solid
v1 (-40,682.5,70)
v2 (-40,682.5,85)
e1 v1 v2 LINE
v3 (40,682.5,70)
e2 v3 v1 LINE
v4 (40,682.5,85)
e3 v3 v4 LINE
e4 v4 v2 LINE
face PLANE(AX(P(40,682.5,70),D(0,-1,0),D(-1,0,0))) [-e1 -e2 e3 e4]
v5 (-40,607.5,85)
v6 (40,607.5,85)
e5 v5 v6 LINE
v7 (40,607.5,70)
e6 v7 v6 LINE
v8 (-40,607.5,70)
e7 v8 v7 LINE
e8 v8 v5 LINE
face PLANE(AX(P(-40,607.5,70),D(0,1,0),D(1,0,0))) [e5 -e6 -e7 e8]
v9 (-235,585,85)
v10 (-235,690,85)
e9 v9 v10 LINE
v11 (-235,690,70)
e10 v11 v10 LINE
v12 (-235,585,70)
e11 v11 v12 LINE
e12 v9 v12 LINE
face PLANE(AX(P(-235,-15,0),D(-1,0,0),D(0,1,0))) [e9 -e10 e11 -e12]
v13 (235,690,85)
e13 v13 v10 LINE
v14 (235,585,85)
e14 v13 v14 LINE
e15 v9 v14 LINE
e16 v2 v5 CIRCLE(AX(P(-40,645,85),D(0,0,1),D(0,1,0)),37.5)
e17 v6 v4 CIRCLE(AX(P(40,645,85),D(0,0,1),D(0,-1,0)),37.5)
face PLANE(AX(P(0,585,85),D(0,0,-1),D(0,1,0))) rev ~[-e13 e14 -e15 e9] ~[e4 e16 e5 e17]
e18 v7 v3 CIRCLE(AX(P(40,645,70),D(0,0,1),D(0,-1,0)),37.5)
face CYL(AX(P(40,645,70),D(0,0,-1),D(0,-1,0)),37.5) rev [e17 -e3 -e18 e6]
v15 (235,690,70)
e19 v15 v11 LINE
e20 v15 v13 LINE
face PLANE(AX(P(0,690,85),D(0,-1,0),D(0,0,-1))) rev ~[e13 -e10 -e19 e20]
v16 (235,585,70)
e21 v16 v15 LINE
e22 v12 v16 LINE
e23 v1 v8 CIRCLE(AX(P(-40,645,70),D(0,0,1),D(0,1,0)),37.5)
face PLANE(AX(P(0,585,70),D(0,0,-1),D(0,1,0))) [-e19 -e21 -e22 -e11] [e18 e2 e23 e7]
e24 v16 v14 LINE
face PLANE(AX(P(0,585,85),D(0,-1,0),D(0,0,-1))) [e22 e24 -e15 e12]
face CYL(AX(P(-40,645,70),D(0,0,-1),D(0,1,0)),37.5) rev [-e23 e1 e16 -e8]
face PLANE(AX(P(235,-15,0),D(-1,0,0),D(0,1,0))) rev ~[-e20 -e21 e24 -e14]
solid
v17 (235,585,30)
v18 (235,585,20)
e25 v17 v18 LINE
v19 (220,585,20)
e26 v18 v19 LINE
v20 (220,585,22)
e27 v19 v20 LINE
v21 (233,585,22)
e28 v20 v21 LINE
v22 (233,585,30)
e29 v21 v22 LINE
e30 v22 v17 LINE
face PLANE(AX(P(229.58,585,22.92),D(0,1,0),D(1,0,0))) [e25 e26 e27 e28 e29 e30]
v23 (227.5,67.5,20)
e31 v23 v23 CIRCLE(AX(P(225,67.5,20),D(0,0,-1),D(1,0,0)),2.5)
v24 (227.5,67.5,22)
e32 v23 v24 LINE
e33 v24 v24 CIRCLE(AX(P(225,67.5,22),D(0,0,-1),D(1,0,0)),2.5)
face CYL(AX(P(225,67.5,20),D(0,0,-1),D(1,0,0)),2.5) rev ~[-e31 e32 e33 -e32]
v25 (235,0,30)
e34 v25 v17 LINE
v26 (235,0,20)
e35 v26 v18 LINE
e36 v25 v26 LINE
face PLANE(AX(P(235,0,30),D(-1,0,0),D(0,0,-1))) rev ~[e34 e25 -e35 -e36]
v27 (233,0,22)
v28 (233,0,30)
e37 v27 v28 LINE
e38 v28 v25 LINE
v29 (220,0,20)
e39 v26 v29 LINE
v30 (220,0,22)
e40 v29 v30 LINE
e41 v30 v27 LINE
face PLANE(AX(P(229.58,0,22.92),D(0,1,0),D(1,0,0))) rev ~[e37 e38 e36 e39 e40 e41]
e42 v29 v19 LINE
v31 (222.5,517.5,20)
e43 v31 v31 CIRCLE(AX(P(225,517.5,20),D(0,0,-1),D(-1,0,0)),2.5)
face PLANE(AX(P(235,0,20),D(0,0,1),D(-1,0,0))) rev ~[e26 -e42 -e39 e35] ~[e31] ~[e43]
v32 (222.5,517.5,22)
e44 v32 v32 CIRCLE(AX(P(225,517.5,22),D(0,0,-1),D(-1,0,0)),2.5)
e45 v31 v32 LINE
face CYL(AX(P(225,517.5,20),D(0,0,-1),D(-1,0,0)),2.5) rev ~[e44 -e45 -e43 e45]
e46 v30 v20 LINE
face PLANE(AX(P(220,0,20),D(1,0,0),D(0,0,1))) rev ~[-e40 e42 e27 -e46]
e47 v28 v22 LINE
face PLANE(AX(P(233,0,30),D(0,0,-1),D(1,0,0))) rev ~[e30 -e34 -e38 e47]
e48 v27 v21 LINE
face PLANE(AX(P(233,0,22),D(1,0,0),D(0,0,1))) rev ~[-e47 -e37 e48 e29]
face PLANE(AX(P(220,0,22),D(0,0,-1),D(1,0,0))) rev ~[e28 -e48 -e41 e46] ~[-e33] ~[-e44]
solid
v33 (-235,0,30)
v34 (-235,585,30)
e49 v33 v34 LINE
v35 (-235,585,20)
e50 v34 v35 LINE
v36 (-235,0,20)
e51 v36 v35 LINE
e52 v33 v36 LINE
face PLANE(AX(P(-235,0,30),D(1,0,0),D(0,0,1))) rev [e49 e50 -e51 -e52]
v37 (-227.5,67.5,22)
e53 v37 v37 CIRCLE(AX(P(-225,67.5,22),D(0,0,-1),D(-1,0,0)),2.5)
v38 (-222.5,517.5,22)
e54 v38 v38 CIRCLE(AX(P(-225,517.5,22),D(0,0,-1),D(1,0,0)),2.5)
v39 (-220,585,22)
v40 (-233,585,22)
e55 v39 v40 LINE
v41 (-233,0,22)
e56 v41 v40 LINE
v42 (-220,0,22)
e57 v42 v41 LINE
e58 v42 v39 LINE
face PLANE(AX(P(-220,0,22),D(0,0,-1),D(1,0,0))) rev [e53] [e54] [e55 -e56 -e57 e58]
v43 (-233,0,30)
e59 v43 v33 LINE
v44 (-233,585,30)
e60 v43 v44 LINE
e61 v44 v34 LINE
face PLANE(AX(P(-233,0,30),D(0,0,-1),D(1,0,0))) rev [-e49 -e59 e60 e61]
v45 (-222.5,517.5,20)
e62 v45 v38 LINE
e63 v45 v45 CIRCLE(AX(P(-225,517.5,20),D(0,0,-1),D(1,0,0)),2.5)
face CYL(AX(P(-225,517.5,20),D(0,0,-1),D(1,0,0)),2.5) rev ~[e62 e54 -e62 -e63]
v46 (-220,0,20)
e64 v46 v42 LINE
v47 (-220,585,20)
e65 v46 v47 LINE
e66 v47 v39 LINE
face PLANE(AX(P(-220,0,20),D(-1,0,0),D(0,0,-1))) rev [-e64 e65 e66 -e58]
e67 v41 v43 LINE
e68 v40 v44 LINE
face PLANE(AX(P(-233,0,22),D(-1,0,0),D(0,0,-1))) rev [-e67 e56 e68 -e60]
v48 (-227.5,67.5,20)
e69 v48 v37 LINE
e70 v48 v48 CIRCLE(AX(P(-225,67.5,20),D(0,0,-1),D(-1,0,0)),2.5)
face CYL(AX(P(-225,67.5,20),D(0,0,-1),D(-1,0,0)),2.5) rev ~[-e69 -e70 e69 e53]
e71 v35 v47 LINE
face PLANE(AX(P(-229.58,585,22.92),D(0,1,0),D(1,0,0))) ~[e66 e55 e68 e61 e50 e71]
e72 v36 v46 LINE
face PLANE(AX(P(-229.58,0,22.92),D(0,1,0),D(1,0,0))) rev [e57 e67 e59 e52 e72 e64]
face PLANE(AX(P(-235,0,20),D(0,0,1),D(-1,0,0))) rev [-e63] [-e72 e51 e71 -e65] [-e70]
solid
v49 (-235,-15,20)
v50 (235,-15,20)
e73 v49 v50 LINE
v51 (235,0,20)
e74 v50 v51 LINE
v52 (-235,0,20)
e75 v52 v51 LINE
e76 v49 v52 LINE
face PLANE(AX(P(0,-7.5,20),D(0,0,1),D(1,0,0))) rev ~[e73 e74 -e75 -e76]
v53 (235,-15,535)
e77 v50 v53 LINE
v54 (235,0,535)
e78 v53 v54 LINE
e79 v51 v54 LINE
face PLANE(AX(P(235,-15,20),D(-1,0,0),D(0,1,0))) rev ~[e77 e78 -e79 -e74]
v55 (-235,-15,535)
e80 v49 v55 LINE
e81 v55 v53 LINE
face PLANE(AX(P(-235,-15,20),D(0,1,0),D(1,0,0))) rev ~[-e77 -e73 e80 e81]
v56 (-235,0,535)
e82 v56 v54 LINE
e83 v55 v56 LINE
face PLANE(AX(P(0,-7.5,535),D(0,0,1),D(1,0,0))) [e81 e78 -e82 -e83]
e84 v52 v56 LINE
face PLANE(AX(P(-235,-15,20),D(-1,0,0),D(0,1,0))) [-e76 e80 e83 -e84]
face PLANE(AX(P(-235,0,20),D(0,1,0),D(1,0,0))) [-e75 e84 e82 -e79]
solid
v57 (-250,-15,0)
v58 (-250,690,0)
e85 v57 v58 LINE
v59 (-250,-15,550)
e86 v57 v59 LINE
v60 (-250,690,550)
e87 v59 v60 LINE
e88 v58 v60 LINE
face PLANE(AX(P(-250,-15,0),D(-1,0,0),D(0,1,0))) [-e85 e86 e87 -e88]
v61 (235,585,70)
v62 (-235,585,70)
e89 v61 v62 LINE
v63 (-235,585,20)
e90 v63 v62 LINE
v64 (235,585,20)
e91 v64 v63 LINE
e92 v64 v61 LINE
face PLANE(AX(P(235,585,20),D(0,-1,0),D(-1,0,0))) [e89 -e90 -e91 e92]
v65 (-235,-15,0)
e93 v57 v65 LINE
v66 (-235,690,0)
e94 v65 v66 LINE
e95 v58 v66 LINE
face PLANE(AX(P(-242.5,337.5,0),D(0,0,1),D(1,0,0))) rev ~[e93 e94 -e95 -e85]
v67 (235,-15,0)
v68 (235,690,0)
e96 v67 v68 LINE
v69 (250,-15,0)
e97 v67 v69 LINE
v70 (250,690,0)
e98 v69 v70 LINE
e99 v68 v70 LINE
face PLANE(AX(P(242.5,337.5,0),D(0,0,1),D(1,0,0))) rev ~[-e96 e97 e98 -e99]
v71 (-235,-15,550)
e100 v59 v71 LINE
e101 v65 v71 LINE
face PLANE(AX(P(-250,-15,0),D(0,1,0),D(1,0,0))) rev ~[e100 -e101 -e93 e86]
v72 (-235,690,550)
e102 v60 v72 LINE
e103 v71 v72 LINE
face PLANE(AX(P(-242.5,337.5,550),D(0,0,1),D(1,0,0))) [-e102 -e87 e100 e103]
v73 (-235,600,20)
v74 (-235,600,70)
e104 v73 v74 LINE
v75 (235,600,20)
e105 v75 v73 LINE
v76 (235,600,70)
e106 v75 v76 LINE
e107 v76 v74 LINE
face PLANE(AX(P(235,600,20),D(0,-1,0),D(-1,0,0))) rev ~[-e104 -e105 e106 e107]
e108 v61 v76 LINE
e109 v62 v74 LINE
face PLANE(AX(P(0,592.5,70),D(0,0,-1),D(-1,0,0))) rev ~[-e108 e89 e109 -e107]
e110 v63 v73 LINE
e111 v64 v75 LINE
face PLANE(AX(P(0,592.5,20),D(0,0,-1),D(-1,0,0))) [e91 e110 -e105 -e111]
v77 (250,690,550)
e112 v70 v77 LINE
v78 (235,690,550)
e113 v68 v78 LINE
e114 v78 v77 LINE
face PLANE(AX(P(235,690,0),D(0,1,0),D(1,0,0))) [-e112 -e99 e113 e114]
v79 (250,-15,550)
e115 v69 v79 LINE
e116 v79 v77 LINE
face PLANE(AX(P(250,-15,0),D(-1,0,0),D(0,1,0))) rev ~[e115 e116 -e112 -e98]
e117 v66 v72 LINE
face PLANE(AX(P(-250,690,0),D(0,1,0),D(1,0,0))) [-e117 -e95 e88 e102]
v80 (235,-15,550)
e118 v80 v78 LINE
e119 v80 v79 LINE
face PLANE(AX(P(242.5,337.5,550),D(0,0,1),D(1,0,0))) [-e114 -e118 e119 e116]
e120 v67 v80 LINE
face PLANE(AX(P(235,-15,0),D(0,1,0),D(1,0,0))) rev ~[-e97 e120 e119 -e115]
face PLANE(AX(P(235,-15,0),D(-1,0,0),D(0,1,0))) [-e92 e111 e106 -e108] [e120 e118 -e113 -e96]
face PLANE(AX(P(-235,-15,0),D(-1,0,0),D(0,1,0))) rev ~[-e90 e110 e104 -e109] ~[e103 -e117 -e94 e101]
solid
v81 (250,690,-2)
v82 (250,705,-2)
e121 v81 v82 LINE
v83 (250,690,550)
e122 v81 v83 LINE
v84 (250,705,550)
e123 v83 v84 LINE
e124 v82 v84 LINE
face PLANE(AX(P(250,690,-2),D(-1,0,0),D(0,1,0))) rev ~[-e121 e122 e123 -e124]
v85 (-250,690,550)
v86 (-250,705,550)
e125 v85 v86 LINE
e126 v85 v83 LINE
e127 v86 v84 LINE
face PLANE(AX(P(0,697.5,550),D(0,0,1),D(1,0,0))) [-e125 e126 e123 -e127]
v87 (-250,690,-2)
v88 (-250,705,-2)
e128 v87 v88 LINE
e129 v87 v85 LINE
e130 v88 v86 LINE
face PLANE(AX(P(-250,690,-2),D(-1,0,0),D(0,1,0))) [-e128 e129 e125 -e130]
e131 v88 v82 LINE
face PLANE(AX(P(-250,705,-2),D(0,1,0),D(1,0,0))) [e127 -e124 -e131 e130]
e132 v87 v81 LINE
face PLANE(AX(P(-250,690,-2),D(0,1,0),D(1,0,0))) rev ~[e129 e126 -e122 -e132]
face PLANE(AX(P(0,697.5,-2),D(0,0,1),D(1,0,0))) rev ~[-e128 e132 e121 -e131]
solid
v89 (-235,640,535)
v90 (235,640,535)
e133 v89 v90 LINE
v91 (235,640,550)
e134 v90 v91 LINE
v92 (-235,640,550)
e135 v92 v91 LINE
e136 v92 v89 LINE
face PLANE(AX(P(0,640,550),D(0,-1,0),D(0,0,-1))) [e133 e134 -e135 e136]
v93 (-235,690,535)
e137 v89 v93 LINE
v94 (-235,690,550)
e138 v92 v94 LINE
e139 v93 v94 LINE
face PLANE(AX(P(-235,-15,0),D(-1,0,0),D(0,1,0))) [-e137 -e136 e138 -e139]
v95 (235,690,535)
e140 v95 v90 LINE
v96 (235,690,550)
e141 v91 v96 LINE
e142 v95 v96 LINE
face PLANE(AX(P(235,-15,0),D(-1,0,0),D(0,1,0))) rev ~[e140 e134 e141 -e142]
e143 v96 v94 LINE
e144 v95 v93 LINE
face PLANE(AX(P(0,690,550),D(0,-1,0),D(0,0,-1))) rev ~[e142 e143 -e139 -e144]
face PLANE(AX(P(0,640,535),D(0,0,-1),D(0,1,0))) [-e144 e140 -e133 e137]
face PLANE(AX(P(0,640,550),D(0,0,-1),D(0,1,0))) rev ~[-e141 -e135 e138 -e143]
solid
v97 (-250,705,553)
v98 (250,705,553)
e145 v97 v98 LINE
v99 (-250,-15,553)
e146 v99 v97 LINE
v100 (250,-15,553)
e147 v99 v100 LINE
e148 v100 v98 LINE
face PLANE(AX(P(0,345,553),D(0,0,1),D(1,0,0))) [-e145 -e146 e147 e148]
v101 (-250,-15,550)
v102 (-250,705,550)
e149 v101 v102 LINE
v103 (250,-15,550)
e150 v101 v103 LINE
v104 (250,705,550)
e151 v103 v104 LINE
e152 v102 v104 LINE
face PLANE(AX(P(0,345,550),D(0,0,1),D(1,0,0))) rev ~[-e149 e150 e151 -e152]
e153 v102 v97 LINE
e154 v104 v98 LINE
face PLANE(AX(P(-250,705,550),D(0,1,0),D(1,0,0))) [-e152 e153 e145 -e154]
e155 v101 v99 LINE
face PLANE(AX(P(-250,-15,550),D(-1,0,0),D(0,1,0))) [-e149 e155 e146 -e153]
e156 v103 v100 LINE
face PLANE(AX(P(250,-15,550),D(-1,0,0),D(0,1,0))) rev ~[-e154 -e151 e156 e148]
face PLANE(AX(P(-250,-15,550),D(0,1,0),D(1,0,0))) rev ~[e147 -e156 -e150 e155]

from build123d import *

# Parameters (mm, degrees)
SKETCH1_W                       = 15
SKETCH1_H                       = 705
BOSS_EXTRUDE1_DEPTH             = 550
BOSS_EXTRUDE1_2_DEPTH           = 550
BOSS_EXTRUDE2_START             = 20
SKETCH2_W                       = 470
SKETCH2_H                       = 15
BOSS_EXTRUDE2_DEPTH             = 515
BOSS_EXTRUDE3_START             = -2
SKETCH3_W                       = 500
SKETCH3_H                       = 15
BOSS_EXTRUDE3_DEPTH             = 552
SKETCH4_W                       = 470
SKETCH4_H                       = 15
BOSS_EXTRUDE4_DEPTH             = 50
BOSS_EXTRUDE5_REACH             = 930.453
SKETCH5_W                       = 15
SKETCH5_H                       = 50
SKETCH5_H_2                     = 105
BOSS_EXTRUDE5_DIRECTION_2_REACH = 930.453
SKETCH7_W                       = 500
SKETCH7_H                       = 720
BOSS_EXTRUDE6_DEPTH             = 3
CUT_EXTRUDE2_DEPTH              = 15
ALU_PROFILES_DEPTH              = 585
SKETCH9_R                       = 2.5
CUT_EXTRUDE1_DEPTH              = 2


with BuildPart() as part:
    # Sketch1 → Boss-Extrude1 (new body)
    with BuildSketch(Plane.XY):
        with Locations((-242.5, 337.5)):
            Rectangle(SKETCH1_W, SKETCH1_H)
    extrude(amount=BOSS_EXTRUDE1_DEPTH)



with BuildPart() as body_2:
    # Sketch1 → Boss-Extrude1 2 (new body)
    with BuildSketch(Plane.XY):
        with Locations((242.5, 337.5)):
            Rectangle(SKETCH1_W, SKETCH1_H)
    extrude(amount=BOSS_EXTRUDE1_2_DEPTH)


with BuildPart() as body_3:
    # Sketch2 → Boss-Extrude2 (new body)
    with BuildSketch(Plane.XY.offset(BOSS_EXTRUDE2_START)):
        with Locations((0, -7.5)):
            Rectangle(SKETCH2_W, SKETCH2_H)
    extrude(amount=BOSS_EXTRUDE2_DEPTH)


with BuildPart() as body_4:
    # Sketch3 → Boss-Extrude3 (new body)
    with BuildSketch(Plane.XY.offset(BOSS_EXTRUDE3_START)):
        with Locations((0, 697.5)):
            Rectangle(SKETCH3_W, SKETCH3_H)
    extrude(amount=BOSS_EXTRUDE3_DEPTH)


with BuildPart() as part_1:
    add(part.part)

    add(body_2.part)  # Boss-Extrude4 merges body 2
    # Sketch4 → Boss-Extrude4 (add)
    with BuildSketch(Plane(origin=(0, 0, 20), x_dir=(-1, 0, 0), z_dir=(0, 0, -1))):
        with Locations((0, 592.5)):
            Rectangle(SKETCH4_W, SKETCH4_H)
    extrude(amount=-BOSS_EXTRUDE4_DEPTH)


with BuildPart() as body_4_2:

    # Sketch5 → Boss-Extrude5 (new, up to next)
    with BuildSketch(Plane(origin=(0, 0, 0), x_dir=(0, 0, -1), z_dir=(1, 0, 0)), mode=Mode.PRIVATE) as boss_extrude5_sk1:
        with Locations((-542.5, 665)):
            Rectangle(SKETCH5_W, SKETCH5_H)
    boss_extrude5_tool1 = extrude(boss_extrude5_sk1.sketch, amount=BOSS_EXTRUDE5_REACH, mode=Mode.PRIVATE) - part_1.part
    # Sketch5 → Boss-Extrude5 (new, up to next)
    with BuildSketch(Plane(origin=(0, 0, 0), x_dir=(0, 0, -1), z_dir=(1, 0, 0)), mode=Mode.PRIVATE) as boss_extrude5_sk2:
        with Locations((-77.5, 637.5)):
            Rectangle(SKETCH5_W, SKETCH5_H_2)
    boss_extrude5_tool2 = extrude(boss_extrude5_sk2.sketch, amount=BOSS_EXTRUDE5_REACH, mode=Mode.PRIVATE) - part_1.part
    add(boss_extrude5_tool1.solids().sort_by_distance((0, 665, 542.5))[0])
    add(boss_extrude5_tool2.solids().sort_by_distance((0, 637.5, 77.5))[0])


    # Sketch5 → Boss-Extrude5 direction 2 (add, up to next)
    with BuildSketch(Plane(origin=(0, 0, 0), x_dir=(0, 0, -1), z_dir=(1, 0, 0)), mode=Mode.PRIVATE) as boss_extrude5_direction_2_sk1:
        with Locations((-542.5, 665)):
            Rectangle(SKETCH5_W, SKETCH5_H)
    boss_extrude5_direction_2_tool1 = extrude(boss_extrude5_direction_2_sk1.sketch, amount=-BOSS_EXTRUDE5_DIRECTION_2_REACH, mode=Mode.PRIVATE) - part_1.part
    # Sketch5 → Boss-Extrude5 direction 2 (add, up to next)
    with BuildSketch(Plane(origin=(0, 0, 0), x_dir=(0, 0, -1), z_dir=(1, 0, 0)), mode=Mode.PRIVATE) as boss_extrude5_direction_2_sk2:
        with Locations((-77.5, 637.5)):
            Rectangle(SKETCH5_W, SKETCH5_H_2)
    boss_extrude5_direction_2_tool2 = extrude(boss_extrude5_direction_2_sk2.sketch, amount=-BOSS_EXTRUDE5_DIRECTION_2_REACH, mode=Mode.PRIVATE) - part_1.part
    add(boss_extrude5_direction_2_tool1.solids().sort_by_distance((0, 665, 542.5))[0])
    add(boss_extrude5_direction_2_tool2.solids().sort_by_distance((0, 637.5, 77.5))[0])

    # Sketch10 → Cut-Extrude2 (cut)
    with BuildSketch(Plane(origin=(0, 0, 70), x_dir=(-1, 0, 0), z_dir=(0, 0, -1))):
        with BuildLine():
            Line((-40, 682.5), (40, 682.5))
            ThreePointArc((40, 682.5), (77.5, 645), (40, 607.5))
            Line((40, 607.5), (-40, 607.5))
            ThreePointArc((-40, 607.5), (-77.5, 645), (-40, 682.5))
        make_face()
    extrude(amount=-CUT_EXTRUDE2_DEPTH, mode=Mode.SUBTRACT)


with BuildPart() as body_5:
    # Sketch7 → Boss-Extrude6 (new body)
    with BuildSketch(Plane.XY.offset(550)):
        with Locations((0, 345)):
            Rectangle(SKETCH7_W, SKETCH7_H)
    extrude(amount=BOSS_EXTRUDE6_DEPTH)


with BuildPart() as body_6:
    # Sketch8 → Alu-profiles (new body)
    with BuildSketch(Plane(origin=(0, 0, 0), x_dir=(1, 0, 0), z_dir=(0, 1, 0))):
        Polygon((235, -30), (235, -20), (220, -20), (220, -22), (233, -22), (233, -30), align=None)
    extrude(amount=ALU_PROFILES_DEPTH)


with BuildPart() as body_7:
    # Mirror2: mirrored copy
    add(body_6.part.mirror(Plane(origin=(0, 0, 0), x_dir=(0, 0, 1), z_dir=(1, 0, 0))))


with BuildPart() as cut_extrude1_tool:
    # Sketch9 → Cut-Extrude1 (new body)
    with BuildSketch(Plane(origin=(0, 0, 20), x_dir=(-1, 0, 0), z_dir=(0, 0, -1))):
        with Locations((-225, 517.5)):
            Circle(SKETCH9_R)
        with Locations(Location((-225, 67.5, 0), (0, 0, 180))):
            Circle(SKETCH9_R)
        with Locations((225, 67.5)):
            Circle(SKETCH9_R)
        with Locations(Location((225, 517.5, 0), (0, 0, 180))):
            Circle(SKETCH9_R)
    extrude(amount=-CUT_EXTRUDE1_DEPTH)


with BuildPart() as body_6_1:
    add(body_6.part)

    # Cut-Extrude1: cut by cut_extrude1_tool
    add(cut_extrude1_tool.part, mode=Mode.SUBTRACT)


with BuildPart() as body_7_1:
    add(body_7.part)

    # Cut-Extrude1: cut by cut_extrude1_tool
    add(cut_extrude1_tool.part, mode=Mode.SUBTRACT)


solid = Compound([body_3.part, body_4.part, part_1.part, body_4_2.part, body_5.part, body_6_1.part, body_7_1.part])
